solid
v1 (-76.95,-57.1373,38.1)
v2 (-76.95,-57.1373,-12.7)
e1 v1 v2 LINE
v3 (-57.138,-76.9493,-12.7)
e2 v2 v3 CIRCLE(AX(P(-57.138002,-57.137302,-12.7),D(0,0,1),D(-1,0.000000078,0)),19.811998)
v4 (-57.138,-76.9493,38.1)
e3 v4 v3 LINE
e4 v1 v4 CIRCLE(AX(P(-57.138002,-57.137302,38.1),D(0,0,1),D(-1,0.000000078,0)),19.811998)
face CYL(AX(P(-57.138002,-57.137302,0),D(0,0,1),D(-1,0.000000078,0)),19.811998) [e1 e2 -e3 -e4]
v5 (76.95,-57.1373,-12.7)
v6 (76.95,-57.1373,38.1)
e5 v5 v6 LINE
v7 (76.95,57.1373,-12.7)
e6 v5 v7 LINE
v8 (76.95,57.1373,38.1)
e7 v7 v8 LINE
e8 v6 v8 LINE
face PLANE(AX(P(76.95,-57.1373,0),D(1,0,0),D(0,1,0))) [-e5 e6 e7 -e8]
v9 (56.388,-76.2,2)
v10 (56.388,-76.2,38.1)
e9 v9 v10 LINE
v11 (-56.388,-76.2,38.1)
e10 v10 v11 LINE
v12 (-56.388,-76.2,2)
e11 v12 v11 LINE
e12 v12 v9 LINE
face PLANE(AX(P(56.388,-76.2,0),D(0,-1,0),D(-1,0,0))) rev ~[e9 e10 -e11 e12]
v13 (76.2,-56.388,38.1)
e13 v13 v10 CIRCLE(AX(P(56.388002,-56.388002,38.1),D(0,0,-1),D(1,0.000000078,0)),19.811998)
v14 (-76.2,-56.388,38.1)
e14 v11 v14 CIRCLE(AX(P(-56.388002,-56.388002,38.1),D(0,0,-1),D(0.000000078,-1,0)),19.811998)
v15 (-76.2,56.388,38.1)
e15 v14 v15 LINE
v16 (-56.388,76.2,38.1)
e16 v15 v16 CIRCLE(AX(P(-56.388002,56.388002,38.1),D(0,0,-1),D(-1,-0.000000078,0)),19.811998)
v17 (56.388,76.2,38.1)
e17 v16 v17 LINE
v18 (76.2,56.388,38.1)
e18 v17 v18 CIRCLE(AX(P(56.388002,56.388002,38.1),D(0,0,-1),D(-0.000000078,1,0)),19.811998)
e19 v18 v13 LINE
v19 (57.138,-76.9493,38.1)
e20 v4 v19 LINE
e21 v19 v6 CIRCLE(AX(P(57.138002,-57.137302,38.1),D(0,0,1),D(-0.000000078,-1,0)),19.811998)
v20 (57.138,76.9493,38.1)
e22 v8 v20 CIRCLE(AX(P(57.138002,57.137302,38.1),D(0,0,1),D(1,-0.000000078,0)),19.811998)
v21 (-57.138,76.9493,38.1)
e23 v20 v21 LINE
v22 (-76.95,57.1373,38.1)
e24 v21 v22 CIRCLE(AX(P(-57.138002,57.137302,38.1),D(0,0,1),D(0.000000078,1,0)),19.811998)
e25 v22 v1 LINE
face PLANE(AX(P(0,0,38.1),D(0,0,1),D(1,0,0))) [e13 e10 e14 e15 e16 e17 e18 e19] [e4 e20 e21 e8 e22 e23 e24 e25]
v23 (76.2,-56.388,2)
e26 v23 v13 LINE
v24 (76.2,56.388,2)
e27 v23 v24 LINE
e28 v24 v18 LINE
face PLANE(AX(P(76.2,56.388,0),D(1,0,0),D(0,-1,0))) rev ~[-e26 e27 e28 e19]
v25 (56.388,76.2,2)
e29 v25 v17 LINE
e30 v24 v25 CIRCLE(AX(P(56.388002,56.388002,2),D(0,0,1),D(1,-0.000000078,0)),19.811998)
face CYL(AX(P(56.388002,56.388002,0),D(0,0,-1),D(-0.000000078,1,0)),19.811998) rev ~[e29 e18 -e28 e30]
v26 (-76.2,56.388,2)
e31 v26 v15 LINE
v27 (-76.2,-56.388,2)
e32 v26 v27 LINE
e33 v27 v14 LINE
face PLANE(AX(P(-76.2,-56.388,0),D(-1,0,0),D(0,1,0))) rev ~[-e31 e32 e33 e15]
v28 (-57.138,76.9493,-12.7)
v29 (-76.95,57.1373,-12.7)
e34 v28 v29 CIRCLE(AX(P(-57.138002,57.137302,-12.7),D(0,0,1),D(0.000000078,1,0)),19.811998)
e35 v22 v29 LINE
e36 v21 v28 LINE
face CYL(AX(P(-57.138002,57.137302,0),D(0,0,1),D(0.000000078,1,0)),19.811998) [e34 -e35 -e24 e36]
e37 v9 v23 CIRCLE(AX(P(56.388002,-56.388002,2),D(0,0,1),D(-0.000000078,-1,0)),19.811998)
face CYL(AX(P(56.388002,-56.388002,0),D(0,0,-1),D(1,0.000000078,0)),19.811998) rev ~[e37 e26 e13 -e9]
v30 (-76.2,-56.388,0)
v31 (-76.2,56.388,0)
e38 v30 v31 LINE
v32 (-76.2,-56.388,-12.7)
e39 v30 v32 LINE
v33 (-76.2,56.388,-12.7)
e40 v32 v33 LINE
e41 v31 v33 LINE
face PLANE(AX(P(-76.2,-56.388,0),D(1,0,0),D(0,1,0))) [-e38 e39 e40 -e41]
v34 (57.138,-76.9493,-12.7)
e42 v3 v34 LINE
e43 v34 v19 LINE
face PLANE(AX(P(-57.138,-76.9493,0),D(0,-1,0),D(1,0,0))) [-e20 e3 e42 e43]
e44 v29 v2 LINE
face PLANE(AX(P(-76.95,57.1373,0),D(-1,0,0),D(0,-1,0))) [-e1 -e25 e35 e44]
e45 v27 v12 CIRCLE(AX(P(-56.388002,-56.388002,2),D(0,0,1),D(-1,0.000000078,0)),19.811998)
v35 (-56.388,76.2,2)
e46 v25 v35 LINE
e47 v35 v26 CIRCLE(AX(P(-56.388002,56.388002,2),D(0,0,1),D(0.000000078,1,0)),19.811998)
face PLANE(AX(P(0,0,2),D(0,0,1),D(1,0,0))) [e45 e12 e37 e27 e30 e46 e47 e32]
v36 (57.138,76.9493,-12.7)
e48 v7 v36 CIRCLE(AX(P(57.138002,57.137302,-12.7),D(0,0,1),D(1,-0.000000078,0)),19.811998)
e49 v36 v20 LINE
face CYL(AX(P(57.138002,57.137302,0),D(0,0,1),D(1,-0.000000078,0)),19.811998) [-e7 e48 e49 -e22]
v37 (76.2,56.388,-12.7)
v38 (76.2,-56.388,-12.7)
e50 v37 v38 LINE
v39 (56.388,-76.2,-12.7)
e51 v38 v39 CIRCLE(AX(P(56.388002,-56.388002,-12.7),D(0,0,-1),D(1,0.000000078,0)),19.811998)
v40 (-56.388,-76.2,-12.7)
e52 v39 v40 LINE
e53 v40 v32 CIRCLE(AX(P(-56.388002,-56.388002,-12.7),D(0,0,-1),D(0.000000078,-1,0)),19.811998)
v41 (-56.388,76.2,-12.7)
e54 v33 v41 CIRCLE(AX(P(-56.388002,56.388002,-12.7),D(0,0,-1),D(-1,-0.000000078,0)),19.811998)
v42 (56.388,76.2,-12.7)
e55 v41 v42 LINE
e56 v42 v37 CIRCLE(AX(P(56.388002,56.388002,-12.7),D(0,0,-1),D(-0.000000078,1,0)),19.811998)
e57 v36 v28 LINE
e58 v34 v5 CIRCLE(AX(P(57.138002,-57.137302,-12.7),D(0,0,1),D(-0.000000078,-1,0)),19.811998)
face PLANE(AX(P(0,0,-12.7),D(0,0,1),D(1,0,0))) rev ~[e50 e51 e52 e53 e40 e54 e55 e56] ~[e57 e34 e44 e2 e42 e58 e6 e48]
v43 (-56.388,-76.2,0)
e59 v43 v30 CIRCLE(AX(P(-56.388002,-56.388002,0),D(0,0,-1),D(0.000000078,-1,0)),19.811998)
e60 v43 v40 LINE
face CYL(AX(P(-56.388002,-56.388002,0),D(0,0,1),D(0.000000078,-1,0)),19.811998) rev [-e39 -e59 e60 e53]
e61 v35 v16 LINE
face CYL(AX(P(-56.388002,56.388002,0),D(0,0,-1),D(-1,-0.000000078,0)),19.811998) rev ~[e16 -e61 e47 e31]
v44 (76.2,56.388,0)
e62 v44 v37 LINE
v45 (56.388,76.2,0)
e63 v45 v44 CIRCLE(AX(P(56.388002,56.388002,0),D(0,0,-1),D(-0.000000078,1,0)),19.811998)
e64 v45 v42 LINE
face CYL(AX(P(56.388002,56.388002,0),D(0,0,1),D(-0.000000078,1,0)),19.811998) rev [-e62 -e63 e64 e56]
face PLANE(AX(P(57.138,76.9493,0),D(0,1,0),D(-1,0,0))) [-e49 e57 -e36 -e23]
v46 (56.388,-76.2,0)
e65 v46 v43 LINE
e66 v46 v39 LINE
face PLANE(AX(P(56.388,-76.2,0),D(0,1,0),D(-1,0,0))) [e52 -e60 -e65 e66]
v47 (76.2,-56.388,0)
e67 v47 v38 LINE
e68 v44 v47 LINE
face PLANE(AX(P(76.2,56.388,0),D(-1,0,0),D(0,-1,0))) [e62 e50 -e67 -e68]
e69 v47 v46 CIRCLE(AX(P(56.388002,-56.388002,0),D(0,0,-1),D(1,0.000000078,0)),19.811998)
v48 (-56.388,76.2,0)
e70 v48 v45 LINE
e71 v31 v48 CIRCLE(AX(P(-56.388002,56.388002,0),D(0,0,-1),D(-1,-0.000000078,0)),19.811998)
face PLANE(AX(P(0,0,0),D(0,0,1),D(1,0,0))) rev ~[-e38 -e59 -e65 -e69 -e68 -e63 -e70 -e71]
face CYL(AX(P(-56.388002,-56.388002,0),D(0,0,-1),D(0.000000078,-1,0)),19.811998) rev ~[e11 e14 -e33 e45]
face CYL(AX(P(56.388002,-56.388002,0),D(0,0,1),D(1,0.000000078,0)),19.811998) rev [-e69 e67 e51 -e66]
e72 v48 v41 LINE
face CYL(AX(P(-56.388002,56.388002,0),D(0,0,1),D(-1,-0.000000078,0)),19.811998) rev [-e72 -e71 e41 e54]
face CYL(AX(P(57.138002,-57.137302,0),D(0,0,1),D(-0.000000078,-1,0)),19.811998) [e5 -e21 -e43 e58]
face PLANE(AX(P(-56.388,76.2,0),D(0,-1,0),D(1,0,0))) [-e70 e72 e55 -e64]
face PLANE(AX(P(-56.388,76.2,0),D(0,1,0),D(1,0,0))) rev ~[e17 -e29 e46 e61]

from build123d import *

# Parameters (mm, degrees)
F1_DEPTH = 38.1
F2_DEPTH = 2
F3_DEPTH = 12.7


with BuildPart() as f1:
    # F0 (on Top) → F1 (new body)
    with BuildSketch(Plane.XY):
        with BuildLine():
            Line((-57.138, -76.9493), (-18.130362, -76.9493))
            Line((-18.130362, -76.9493), (57.138, -76.9493))
            ThreePointArc((57.138, -76.9493), (71.1472, -71.1465), (76.95, -57.1373))
            Line((76.95, -57.1373), (76.95, 57.1373))
            ThreePointArc((76.95, 57.1373), (71.1472, 71.1465), (57.138, 76.9493))
            Line((57.138, 76.9493), (-57.138, 76.9493))
            ThreePointArc((-57.138, 76.9493), (-71.1472, 71.1465), (-76.95, 57.1373))
            Line((-76.95, 57.1373), (-76.95, -57.1373))
            ThreePointArc((-76.95, -57.1373), (-71.1472, -71.1465), (-57.138, -76.9493))
        make_face()
        with BuildLine():
            Line((-56.388, 76.2), (56.388, 76.2))
            ThreePointArc((56.388, 76.2), (70.3972, 70.3972), (76.2, 56.388))
            Line((76.2, 56.388), (76.2, -56.388))
            ThreePointArc((76.2, -56.388), (70.3972, -70.3972), (56.388, -76.2))
            Line((56.388, -76.2), (-18.130362, -76.2))
            Line((-18.130362, -76.2), (-56.388, -76.2))
            ThreePointArc((-56.388, -76.2), (-70.3972, -70.3972), (-76.2, -56.388))
            Line((-76.2, -56.388), (-76.2, 56.388))
            ThreePointArc((-76.2, 56.388), (-70.3972, 70.3972), (-56.388, 76.2))
        make_face(mode=Mode.SUBTRACT)
    extrude(amount=F1_DEPTH)

    # F0 (on Top) → F2 (join)
    with BuildSketch(Plane.XY):
        with BuildLine():
            ThreePointArc((76.2, 56.388), (70.3972, 70.3972), (56.388, 76.2))
            Line((56.388, 76.2), (-56.388, 76.2))
            ThreePointArc((-56.388, 76.2), (-70.3972, 70.3972), (-76.2, 56.388))
            Line((-76.2, 56.388), (-76.2, -56.388))
            ThreePointArc((-76.2, -56.388), (-70.3972, -70.3972), (-56.388, -76.2))
            Line((-56.388, -76.2), (-18.130362, -76.2))
            Line((-18.130362, -76.2), (56.388, -76.2))
            ThreePointArc((56.388, -76.2), (70.3972, -70.3972), (76.2, -56.388))
            Line((76.2, -56.388), (76.2, 56.388))
        make_face()
    extrude(amount=F2_DEPTH)

    # F0 (on Top) → F3 (join)
    with BuildSketch(Plane.XY):
        with BuildLine():
            Line((-57.138, -76.9493), (-18.130362, -76.9493))
            Line((-18.130362, -76.9493), (57.138, -76.9493))
            ThreePointArc((57.138, -76.9493), (71.1472, -71.1465), (76.95, -57.1373))
            Line((76.95, -57.1373), (76.95, 57.1373))
            ThreePointArc((76.95, 57.1373), (71.1472, 71.1465), (57.138, 76.9493))
            Line((57.138, 76.9493), (-57.138, 76.9493))
            ThreePointArc((-57.138, 76.9493), (-71.1472, 71.1465), (-76.95, 57.1373))
            Line((-76.95, 57.1373), (-76.95, -57.1373))
            ThreePointArc((-76.95, -57.1373), (-71.1472, -71.1465), (-57.138, -76.9493))
        make_face()
        with BuildLine():
            Line((-56.388, 76.2), (56.388, 76.2))
            ThreePointArc((56.388, 76.2), (70.3972, 70.3972), (76.2, 56.388))
            Line((76.2, 56.388), (76.2, -56.388))
            ThreePointArc((76.2, -56.388), (70.3972, -70.3972), (56.388, -76.2))
            Line((56.388, -76.2), (-18.130362, -76.2))
            Line((-18.130362, -76.2), (-56.388, -76.2))
            ThreePointArc((-56.388, -76.2), (-70.3972, -70.3972), (-76.2, -56.388))
            Line((-76.2, -56.388), (-76.2, 56.388))
            ThreePointArc((-76.2, 56.388), (-70.3972, 70.3972), (-56.388, 76.2))
        make_face(mode=Mode.SUBTRACT)
    extrude(amount=-F3_DEPTH)


solid = f1.part
